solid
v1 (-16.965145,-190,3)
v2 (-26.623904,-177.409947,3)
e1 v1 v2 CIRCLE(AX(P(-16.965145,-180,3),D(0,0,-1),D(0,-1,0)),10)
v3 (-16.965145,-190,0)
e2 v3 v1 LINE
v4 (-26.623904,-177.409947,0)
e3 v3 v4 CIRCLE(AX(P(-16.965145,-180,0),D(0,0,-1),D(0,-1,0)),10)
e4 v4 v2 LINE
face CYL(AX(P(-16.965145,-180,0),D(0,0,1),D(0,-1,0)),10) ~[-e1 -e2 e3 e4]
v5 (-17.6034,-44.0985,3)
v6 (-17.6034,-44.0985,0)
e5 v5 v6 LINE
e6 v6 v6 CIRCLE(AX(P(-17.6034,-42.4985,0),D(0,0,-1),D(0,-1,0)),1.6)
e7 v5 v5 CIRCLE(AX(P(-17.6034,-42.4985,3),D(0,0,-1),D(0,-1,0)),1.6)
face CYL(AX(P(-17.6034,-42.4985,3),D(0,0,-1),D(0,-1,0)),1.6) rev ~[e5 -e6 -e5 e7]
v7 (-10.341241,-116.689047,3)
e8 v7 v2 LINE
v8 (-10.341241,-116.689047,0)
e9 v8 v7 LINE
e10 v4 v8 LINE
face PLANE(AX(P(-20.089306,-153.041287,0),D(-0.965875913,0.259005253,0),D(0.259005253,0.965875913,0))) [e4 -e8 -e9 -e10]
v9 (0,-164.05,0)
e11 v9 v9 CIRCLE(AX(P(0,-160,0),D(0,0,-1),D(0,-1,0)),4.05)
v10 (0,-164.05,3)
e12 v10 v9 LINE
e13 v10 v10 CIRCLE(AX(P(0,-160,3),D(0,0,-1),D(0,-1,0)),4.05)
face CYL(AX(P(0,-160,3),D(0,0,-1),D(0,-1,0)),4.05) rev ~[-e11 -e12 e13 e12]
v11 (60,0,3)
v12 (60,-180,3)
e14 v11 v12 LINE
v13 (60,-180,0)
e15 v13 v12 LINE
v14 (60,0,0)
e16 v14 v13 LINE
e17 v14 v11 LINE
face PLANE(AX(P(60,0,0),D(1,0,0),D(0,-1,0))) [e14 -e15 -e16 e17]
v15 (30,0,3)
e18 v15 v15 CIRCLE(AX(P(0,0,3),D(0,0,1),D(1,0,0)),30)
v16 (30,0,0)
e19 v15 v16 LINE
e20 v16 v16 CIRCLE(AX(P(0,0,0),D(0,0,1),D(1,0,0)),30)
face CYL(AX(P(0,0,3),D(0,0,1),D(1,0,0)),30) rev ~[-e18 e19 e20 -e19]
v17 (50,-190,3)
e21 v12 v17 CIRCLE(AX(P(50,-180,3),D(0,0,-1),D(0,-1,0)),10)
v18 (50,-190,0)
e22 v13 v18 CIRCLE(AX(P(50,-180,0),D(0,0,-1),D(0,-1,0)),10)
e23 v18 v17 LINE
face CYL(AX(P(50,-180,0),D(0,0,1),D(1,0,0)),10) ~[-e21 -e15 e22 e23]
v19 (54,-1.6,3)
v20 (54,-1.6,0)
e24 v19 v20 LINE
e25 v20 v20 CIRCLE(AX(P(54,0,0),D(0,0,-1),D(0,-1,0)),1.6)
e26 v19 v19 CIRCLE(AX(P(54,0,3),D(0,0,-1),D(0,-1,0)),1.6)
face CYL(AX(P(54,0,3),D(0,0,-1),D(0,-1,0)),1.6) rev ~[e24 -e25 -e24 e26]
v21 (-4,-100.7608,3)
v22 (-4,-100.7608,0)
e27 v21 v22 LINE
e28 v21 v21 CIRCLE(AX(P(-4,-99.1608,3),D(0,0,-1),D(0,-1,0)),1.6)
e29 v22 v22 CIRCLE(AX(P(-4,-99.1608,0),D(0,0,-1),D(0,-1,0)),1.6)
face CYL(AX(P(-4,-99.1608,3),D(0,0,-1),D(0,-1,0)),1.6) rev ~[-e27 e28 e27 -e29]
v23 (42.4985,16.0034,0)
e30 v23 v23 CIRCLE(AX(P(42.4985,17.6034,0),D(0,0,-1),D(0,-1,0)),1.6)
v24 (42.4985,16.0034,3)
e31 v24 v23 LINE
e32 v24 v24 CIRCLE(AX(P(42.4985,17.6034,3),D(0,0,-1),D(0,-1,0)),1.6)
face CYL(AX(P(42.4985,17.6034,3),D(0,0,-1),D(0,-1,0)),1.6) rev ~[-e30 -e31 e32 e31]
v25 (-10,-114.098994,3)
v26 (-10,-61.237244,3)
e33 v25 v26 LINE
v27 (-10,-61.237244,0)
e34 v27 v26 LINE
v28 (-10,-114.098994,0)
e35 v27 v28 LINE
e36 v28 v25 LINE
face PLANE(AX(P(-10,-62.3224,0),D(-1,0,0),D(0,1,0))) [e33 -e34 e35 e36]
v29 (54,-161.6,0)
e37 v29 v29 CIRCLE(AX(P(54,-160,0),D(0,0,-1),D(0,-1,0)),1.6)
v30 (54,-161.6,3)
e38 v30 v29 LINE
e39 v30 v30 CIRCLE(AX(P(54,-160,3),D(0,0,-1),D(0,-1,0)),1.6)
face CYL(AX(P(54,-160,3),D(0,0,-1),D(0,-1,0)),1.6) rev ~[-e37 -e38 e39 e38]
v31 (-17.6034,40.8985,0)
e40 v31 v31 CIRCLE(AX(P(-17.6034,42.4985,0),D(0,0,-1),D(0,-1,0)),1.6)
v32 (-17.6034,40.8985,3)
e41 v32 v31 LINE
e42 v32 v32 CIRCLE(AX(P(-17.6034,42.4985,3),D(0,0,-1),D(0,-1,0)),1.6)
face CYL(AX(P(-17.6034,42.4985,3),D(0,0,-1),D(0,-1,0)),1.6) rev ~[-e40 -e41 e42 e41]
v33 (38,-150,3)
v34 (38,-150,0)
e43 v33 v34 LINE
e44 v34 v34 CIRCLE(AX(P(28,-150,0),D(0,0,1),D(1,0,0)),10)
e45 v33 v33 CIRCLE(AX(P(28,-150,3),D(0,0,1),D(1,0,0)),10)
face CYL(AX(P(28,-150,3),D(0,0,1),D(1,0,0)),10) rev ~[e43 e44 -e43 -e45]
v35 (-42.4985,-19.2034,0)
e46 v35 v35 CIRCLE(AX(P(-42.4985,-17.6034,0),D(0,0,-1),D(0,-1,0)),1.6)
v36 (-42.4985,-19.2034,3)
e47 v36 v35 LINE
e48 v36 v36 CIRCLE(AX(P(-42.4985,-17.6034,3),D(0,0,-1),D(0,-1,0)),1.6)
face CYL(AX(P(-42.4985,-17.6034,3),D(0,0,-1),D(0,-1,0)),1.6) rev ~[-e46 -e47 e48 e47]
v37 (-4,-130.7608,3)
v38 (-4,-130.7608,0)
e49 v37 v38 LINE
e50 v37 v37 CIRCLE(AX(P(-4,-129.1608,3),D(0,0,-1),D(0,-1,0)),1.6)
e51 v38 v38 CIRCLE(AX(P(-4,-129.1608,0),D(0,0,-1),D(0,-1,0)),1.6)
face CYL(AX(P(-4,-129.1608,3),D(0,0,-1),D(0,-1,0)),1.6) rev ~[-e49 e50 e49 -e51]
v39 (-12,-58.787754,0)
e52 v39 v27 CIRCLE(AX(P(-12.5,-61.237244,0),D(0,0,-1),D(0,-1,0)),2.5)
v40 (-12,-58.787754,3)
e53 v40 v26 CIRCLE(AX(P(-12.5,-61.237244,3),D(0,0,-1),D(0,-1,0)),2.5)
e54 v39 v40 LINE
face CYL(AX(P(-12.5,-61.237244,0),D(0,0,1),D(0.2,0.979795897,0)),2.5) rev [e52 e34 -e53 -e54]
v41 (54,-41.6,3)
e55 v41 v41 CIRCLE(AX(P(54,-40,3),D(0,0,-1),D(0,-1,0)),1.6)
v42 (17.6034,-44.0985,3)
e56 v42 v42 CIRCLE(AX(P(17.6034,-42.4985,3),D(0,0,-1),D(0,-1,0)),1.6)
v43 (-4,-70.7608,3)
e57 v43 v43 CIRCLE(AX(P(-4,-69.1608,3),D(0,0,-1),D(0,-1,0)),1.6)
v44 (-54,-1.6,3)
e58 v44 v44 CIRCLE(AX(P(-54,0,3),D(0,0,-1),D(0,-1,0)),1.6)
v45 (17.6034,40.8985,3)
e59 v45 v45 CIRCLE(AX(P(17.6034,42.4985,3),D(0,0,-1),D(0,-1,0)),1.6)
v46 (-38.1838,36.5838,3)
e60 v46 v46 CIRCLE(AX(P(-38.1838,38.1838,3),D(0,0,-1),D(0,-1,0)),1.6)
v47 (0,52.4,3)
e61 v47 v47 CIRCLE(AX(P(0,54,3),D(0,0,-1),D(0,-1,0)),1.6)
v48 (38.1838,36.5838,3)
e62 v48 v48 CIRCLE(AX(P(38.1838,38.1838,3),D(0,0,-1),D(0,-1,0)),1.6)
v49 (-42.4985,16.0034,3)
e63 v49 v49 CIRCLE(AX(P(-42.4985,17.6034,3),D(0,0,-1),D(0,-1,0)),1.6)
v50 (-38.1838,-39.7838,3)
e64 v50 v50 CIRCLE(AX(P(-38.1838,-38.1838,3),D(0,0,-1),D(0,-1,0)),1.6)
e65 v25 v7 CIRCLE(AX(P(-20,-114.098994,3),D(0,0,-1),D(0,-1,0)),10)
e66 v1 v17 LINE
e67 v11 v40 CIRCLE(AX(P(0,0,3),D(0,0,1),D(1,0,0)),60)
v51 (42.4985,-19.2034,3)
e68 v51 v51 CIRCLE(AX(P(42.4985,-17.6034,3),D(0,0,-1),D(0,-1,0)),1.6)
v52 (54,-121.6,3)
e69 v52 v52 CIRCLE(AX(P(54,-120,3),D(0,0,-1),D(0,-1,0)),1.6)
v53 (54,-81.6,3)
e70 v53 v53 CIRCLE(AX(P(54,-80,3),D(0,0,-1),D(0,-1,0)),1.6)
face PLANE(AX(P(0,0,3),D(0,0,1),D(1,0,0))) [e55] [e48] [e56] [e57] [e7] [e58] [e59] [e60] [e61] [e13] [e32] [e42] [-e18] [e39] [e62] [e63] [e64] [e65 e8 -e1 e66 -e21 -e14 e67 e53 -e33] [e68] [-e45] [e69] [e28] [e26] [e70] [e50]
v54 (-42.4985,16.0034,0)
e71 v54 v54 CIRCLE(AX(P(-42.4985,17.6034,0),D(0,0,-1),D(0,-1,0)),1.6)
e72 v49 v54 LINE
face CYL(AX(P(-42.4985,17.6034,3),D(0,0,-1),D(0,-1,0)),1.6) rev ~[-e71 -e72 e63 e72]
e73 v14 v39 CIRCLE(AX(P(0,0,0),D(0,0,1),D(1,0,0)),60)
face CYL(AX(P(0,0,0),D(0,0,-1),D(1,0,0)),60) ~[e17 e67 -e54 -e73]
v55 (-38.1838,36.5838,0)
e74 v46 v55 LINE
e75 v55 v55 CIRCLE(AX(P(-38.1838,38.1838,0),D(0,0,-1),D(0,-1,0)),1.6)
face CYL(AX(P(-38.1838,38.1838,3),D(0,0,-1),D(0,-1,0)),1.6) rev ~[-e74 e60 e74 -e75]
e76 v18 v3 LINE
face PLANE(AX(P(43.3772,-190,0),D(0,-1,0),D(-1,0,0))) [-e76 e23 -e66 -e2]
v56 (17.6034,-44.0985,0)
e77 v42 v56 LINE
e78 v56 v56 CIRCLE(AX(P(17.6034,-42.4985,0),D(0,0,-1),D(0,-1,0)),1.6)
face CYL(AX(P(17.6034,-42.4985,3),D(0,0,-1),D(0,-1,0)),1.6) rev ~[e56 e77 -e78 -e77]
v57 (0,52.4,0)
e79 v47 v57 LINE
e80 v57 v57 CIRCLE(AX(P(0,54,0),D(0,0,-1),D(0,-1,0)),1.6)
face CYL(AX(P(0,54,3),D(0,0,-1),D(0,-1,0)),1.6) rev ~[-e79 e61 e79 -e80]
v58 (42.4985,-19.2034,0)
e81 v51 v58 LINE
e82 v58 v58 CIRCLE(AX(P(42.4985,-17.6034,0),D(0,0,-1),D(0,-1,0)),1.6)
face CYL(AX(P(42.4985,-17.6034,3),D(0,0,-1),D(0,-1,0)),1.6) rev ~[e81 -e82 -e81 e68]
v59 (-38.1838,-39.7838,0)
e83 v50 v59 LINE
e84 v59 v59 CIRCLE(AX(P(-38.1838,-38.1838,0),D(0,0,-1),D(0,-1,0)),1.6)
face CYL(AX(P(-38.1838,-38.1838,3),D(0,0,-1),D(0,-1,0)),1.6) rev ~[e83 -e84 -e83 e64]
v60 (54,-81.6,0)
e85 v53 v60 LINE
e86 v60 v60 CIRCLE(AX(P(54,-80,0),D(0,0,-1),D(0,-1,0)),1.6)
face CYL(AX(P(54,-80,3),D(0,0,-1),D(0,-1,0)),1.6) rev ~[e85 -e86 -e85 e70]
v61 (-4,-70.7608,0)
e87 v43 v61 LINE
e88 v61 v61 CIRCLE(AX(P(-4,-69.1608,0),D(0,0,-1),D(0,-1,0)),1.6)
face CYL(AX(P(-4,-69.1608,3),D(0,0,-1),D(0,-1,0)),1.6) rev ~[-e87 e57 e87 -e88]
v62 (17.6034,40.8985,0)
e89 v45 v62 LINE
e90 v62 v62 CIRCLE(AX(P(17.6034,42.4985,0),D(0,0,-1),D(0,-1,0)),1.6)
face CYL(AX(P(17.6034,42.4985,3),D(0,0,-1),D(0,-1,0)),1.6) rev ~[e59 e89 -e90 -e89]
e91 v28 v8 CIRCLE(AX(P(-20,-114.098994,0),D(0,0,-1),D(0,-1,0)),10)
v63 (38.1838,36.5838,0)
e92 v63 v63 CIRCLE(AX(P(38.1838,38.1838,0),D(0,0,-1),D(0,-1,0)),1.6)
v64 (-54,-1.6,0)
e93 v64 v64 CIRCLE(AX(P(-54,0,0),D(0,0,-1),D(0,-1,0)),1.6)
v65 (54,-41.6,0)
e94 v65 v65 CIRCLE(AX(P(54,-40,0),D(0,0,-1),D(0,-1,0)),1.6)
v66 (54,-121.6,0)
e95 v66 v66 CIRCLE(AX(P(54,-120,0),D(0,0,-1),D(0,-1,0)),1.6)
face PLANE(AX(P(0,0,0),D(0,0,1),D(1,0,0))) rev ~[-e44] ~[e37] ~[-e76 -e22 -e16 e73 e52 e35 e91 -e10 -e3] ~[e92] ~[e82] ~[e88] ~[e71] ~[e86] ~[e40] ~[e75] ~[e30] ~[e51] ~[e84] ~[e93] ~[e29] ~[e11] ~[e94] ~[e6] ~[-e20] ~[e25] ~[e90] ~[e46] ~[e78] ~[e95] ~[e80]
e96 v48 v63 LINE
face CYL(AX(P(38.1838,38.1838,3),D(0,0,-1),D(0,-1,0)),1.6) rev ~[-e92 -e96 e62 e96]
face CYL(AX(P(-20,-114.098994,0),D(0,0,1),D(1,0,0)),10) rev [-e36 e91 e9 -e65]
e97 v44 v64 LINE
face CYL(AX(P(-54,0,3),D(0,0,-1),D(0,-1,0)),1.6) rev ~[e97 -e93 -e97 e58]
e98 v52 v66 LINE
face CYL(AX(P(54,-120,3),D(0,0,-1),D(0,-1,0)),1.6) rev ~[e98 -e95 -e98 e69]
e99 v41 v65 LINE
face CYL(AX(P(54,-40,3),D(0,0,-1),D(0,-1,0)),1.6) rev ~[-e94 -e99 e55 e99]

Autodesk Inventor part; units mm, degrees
ref_plane "YZ Plane" through (0, 0, 0) normal (1, 0, 0) x (0, 1, 0)
ref_plane "XZ Plane" through (0, 0, 0) normal (0, 1, 0) x (-1, 0, 0)
ref_plane "XY Plane" through (0, 0, 0) normal (0, 0, 1) x (1, 0, 0)
sketch "スケッチ1" plane through (0, 0, 0) normal (0, 0, 1) x (1, 0, 0)
  circle A0 centre (0, 0) radius 60
  dimension "d0" = 120
extrude "押し出し1" add sketch "スケッチ1" along normal blind 3
sketch "スケッチ2" plane through (0, 0, 3) normal (0, 0, 1) x (1, 0, 0)
  circle A0 centre (0, 0) radius 46
  line L0 (0, 0) -> (0, 59.211)
  line L1 (0, 0) -> (-21.8609, 52.777)
  line L2 (0, 0) -> (27.8226, 47.8581)
  point P0 (-17.6034, 42.4985)
  point P1 (-42.4985, 17.6034)
  point P2 (-42.4985, -17.6034)
  point P3 (-17.6034, -42.4985)
  point P4 (17.6034, -42.4985)
  point P5 (42.4985, -17.6034)
  point P6 (42.4985, 17.6034)
  point P7 (17.6034, 42.4985)
  dimension "d4" = 92
  dimension "d5" = 22.5
  dimension "d8" = 360
hole "穴1" at (-17.6034, 42.4985, 3) at (-42.4985, 17.6034, 3) at (-42.4985, -17.6034, 3) at (-17.6034, -42.4985, 3) at (17.6034, -42.4985, 3) at (42.4985, -17.6034, 3) at (42.4985, 17.6034, 3) at (17.6034, 42.4985, 3) direction (0, 0, -1) diameter 3.2 end through all
sketch "スケッチ4" plane through (0, 0, 0) normal (0, 0, -1) x (-1, 0, 0)
  line L0 (0, 0) -> (0, -80.557)
  circle A0 centre (0, 0) radius 60 projected
  line L1 (-60, 0) -> (-60, -190)
  line L2 (60, 0) -> (60, -190)
  line L3 (-60, -190) -> (60, -190)
  line L4 (-60, 0) -> (-43.3772, -190)
  line L5 (10.9847, -144.6101) -> (60, -190)
  line L6 (18.2202, -151.3104) -> (-10.1159, -125.0702)
  line L7 (10, -105.557) -> (10, -25)
  circle A1 centre (0, 0) radius 7 projected
  line L8 (10, -177.6776) -> (0, -177.6776)
  line L9 (0, -177.6776) -> (0, -62.3224)
  line L10 (10, -62.3224) -> (10, -177.6776)
  circle A2 centre (0, -160) radius 4
  circle A3 centre (0, -160) radius 15
  line L11 (27.6237, -152.2466) -> (-9.3418, -192.1645)
  line L12 (15, -160) -> (15, -138.6677)
  line L13 (30, -190) -> (10, -115.4165)
  point P0 (60, 0)
  point P1 (-59.0885, -10.4189)
  point P2 (-60, -25)
  point P3 (60, -25)
  point P4 (10, -59.1608)
  point P5 (10, -143.6982)
  point P6 (0, -134.4378)
  point P7 (0, -60)
  point P8 (0, -60)
  point P9 (10, -120)
  point P10 (10, -171.1803)
  point P11 (11.0058, -170.1918)
  point P12 (10, -171.2779)
  point P13 (21.6159, -158.7342)
  point P14 (-7.3373, -190)
  dimension "d362" = 30
  dimension "d21" = 60
  dimension "d23" = 120
  dimension "d24" = 190
  dimension "d25" = 190
  dimension "d56" = 0
  dimension "d90" = 85
  dimension "d307" = 10
  dimension "d359" = 160
  dimension "d361" = 8
  dimension "d379" = 30
  dimension "d380" = 0
  dimension "d381" = 70
extrude "押し出し3" add sketch "スケッチ4" against normal blind 3 contours L0 A0 L7 L10 L6 L9 | L0 L9 A3 L8 L11 L3 L4 A0 | L6 L10 A3 L9 | L4 L3 L1 A0 | L10 L13 L5 L6 | L6 L5 L12 A3 L10 | A3 L10 L9 A2 | L9 A2 A3 | A3 L10 | A3 L10 L11 L8 L9 | L11 L8 L10 L13 L3 | L5 L13 L11 A3 L12 | A3 L11 L10 | L11 L10 L8
sketch "スケッチ17" plane through (0, 0, 3) normal (0, 0, 1) x (1, 0, 0)
  circle A0 centre (0, 0) radius 30
  dimension "d159" = 60
extrude "押し出し10" cut sketch "スケッチ17" against normal blind 10
sketch "スケッチ20" plane through (0, 0, 3) normal (0, 0, 1) x (1, 0, 0)
  line L0 (-30, -190) -> (60, -190) projected
  circle A0 centre (0, 0) radius 30 projected
  line L1 (60, -190) -> (60, 0) projected
  point P0 (0, -160)
  point P1 (15, -190)
  point P2 (-60, -190)
  point P3 (7.3373, -190)
  dimension "d205" = 160
  dimension "d223" = 60
  dimension "d246" = 60
hole "穴8" at (0, -160, 3) direction (0, 0, -1) diameter 8.1 end through all
fillet "フィレット4" radius 10 3 edges at (60, -190, 1.5) (-10, -115.4165, 1.5) (-30, -190, 1.5)
sketch "スケッチ28" plane through (0, 0, 3) normal (0, 0, 1) x (1, 0, 0)
  circle A0 centre (0, 0) radius 60
  circle A1 centre (0, 0) radius 54
  point P0 (0, 54)
  point P1 (-38.1838, 38.1838)
  point P2 (-54, 0)
  point P3 (-38.1838, -38.1838)
  point P4 (0, -54)
  point P5 (38.1838, -38.1838)
  point P6 (54, 0)
  point P7 (38.1838, 38.1838)
  dimension "d309" = 108
  dimension "d308" = 120
  dimension "d312" = 360
hole "穴13" at (-38.1838, -38.1838, 3) at (-54, 0, 3) at (-38.1838, 38.1838, 3) at (0, 54, 3) at (38.1838, 38.1838, 3) at (54, 0, 3) direction (0, 0, -1) diameter 3.2 end through all
sketch "スケッチ29" plane through (0, 0, 3) normal (0, 0, 1) x (1, 0, 0)
  arc A0 (60, 0) -> (-10, -59.1608) centre (0, 0) ccw projected
  line L0 (-10, -59.1608) -> (0, -59.1608)
  line L1 (0, -59.1608) -> (0, -130)
  line L2 (0, -130) -> (-10, -130)
  line L3 (-10, -130) -> (-10, -59.1608)
  line L4 (60, 0) -> (60, -180) projected
  line L5 (60, -130) -> (50, -130)
  line L6 (50, -130) -> (50, 10.2883)
  line L7 (50, 10.2883) -> (60, 10.2883)
  line L8 (60, 10.2883) -> (60, -130)
  line L9 (-30, -190) -> (50, -190) projected
  circle A1 centre (54, 0) radius 1.6 projected
  line L10 (-10, -59.1608) -> (-10, -115.4165) projected
  point P0 (-35.8579, -190)
  point P1 (54, -40)
  point P2 (-5, -59.1608)
  point P3 (-4, -69.1608)
  point P4 (54, -80)
  point P5 (54, -120)
  point P6 (54, -160)
  point P7 (55, -130)
  point P8 (-5, -130)
  point P9 (-4, -129.1608)
  point P10 (54, -200)
  point P11 (-10, -140)
  point P12 (40, -210)
  point P13 (-40, -210)
  point P14 (-4, -99.1608)
  point P15 (7.3373, -190)
  point P16 (11.7061, -190)
  dimension "d321" = 60
  dimension "d322" = 10
  dimension "d323" = 10
  dimension "d324" = 40
  dimension "d325" = 6
  dimension "d339" = 40
  dimension "d340" = 40
  dimension "d341" = 40
  dimension "d342" = 6
  dimension "d352" = 4
  dimension "d356" = 40
  dimension "d357" = 6
  dimension "d358" = 6
  dimension "d364" = 10
  dimension "d366" = 4
  dimension "d367" = 30
  dimension "d368" = 30
hole "穴14" at (54, -80, 3) at (54, -200, 3) at (54, -160, 3) at (54, -120, 3) at (54, -40, 3) at (-4, -69.1608, 3) at (-4, -99.1608, 3) at (-4, -129.1608, 3) direction (0, 0, -1) diameter 3.2 end through all
fillet "フィレット11" radius 2.5 1 edges at (-10, -59.1608, 1.5)
sketch "スケッチ30" plane through (0, 0, 3) normal (0, 0, 1) x (1, 0, 0)
  point P0 (0, 0)
sketch "スケッチ32" plane through (0, 0, 3) normal (0, 0, 1) x (1, 0, 0)
  circle A0 centre (28, -150) radius 10
  line L0 (60, -180) -> (60, 0) projected
  point P0 (0, 0)
  dimension "d382" = 20
  dimension "d383" = 150
  dimension "d384" = 32
extrude "押し出し16" cut sketch "スケッチ32" against normal blind 10
equation "\"d25\" = d24"
equation "\"d90\" = d89"
equation "\"d89\" = 85deg"
properties part number "RP_Thigh-cover" material "アルミニウム 6061"
